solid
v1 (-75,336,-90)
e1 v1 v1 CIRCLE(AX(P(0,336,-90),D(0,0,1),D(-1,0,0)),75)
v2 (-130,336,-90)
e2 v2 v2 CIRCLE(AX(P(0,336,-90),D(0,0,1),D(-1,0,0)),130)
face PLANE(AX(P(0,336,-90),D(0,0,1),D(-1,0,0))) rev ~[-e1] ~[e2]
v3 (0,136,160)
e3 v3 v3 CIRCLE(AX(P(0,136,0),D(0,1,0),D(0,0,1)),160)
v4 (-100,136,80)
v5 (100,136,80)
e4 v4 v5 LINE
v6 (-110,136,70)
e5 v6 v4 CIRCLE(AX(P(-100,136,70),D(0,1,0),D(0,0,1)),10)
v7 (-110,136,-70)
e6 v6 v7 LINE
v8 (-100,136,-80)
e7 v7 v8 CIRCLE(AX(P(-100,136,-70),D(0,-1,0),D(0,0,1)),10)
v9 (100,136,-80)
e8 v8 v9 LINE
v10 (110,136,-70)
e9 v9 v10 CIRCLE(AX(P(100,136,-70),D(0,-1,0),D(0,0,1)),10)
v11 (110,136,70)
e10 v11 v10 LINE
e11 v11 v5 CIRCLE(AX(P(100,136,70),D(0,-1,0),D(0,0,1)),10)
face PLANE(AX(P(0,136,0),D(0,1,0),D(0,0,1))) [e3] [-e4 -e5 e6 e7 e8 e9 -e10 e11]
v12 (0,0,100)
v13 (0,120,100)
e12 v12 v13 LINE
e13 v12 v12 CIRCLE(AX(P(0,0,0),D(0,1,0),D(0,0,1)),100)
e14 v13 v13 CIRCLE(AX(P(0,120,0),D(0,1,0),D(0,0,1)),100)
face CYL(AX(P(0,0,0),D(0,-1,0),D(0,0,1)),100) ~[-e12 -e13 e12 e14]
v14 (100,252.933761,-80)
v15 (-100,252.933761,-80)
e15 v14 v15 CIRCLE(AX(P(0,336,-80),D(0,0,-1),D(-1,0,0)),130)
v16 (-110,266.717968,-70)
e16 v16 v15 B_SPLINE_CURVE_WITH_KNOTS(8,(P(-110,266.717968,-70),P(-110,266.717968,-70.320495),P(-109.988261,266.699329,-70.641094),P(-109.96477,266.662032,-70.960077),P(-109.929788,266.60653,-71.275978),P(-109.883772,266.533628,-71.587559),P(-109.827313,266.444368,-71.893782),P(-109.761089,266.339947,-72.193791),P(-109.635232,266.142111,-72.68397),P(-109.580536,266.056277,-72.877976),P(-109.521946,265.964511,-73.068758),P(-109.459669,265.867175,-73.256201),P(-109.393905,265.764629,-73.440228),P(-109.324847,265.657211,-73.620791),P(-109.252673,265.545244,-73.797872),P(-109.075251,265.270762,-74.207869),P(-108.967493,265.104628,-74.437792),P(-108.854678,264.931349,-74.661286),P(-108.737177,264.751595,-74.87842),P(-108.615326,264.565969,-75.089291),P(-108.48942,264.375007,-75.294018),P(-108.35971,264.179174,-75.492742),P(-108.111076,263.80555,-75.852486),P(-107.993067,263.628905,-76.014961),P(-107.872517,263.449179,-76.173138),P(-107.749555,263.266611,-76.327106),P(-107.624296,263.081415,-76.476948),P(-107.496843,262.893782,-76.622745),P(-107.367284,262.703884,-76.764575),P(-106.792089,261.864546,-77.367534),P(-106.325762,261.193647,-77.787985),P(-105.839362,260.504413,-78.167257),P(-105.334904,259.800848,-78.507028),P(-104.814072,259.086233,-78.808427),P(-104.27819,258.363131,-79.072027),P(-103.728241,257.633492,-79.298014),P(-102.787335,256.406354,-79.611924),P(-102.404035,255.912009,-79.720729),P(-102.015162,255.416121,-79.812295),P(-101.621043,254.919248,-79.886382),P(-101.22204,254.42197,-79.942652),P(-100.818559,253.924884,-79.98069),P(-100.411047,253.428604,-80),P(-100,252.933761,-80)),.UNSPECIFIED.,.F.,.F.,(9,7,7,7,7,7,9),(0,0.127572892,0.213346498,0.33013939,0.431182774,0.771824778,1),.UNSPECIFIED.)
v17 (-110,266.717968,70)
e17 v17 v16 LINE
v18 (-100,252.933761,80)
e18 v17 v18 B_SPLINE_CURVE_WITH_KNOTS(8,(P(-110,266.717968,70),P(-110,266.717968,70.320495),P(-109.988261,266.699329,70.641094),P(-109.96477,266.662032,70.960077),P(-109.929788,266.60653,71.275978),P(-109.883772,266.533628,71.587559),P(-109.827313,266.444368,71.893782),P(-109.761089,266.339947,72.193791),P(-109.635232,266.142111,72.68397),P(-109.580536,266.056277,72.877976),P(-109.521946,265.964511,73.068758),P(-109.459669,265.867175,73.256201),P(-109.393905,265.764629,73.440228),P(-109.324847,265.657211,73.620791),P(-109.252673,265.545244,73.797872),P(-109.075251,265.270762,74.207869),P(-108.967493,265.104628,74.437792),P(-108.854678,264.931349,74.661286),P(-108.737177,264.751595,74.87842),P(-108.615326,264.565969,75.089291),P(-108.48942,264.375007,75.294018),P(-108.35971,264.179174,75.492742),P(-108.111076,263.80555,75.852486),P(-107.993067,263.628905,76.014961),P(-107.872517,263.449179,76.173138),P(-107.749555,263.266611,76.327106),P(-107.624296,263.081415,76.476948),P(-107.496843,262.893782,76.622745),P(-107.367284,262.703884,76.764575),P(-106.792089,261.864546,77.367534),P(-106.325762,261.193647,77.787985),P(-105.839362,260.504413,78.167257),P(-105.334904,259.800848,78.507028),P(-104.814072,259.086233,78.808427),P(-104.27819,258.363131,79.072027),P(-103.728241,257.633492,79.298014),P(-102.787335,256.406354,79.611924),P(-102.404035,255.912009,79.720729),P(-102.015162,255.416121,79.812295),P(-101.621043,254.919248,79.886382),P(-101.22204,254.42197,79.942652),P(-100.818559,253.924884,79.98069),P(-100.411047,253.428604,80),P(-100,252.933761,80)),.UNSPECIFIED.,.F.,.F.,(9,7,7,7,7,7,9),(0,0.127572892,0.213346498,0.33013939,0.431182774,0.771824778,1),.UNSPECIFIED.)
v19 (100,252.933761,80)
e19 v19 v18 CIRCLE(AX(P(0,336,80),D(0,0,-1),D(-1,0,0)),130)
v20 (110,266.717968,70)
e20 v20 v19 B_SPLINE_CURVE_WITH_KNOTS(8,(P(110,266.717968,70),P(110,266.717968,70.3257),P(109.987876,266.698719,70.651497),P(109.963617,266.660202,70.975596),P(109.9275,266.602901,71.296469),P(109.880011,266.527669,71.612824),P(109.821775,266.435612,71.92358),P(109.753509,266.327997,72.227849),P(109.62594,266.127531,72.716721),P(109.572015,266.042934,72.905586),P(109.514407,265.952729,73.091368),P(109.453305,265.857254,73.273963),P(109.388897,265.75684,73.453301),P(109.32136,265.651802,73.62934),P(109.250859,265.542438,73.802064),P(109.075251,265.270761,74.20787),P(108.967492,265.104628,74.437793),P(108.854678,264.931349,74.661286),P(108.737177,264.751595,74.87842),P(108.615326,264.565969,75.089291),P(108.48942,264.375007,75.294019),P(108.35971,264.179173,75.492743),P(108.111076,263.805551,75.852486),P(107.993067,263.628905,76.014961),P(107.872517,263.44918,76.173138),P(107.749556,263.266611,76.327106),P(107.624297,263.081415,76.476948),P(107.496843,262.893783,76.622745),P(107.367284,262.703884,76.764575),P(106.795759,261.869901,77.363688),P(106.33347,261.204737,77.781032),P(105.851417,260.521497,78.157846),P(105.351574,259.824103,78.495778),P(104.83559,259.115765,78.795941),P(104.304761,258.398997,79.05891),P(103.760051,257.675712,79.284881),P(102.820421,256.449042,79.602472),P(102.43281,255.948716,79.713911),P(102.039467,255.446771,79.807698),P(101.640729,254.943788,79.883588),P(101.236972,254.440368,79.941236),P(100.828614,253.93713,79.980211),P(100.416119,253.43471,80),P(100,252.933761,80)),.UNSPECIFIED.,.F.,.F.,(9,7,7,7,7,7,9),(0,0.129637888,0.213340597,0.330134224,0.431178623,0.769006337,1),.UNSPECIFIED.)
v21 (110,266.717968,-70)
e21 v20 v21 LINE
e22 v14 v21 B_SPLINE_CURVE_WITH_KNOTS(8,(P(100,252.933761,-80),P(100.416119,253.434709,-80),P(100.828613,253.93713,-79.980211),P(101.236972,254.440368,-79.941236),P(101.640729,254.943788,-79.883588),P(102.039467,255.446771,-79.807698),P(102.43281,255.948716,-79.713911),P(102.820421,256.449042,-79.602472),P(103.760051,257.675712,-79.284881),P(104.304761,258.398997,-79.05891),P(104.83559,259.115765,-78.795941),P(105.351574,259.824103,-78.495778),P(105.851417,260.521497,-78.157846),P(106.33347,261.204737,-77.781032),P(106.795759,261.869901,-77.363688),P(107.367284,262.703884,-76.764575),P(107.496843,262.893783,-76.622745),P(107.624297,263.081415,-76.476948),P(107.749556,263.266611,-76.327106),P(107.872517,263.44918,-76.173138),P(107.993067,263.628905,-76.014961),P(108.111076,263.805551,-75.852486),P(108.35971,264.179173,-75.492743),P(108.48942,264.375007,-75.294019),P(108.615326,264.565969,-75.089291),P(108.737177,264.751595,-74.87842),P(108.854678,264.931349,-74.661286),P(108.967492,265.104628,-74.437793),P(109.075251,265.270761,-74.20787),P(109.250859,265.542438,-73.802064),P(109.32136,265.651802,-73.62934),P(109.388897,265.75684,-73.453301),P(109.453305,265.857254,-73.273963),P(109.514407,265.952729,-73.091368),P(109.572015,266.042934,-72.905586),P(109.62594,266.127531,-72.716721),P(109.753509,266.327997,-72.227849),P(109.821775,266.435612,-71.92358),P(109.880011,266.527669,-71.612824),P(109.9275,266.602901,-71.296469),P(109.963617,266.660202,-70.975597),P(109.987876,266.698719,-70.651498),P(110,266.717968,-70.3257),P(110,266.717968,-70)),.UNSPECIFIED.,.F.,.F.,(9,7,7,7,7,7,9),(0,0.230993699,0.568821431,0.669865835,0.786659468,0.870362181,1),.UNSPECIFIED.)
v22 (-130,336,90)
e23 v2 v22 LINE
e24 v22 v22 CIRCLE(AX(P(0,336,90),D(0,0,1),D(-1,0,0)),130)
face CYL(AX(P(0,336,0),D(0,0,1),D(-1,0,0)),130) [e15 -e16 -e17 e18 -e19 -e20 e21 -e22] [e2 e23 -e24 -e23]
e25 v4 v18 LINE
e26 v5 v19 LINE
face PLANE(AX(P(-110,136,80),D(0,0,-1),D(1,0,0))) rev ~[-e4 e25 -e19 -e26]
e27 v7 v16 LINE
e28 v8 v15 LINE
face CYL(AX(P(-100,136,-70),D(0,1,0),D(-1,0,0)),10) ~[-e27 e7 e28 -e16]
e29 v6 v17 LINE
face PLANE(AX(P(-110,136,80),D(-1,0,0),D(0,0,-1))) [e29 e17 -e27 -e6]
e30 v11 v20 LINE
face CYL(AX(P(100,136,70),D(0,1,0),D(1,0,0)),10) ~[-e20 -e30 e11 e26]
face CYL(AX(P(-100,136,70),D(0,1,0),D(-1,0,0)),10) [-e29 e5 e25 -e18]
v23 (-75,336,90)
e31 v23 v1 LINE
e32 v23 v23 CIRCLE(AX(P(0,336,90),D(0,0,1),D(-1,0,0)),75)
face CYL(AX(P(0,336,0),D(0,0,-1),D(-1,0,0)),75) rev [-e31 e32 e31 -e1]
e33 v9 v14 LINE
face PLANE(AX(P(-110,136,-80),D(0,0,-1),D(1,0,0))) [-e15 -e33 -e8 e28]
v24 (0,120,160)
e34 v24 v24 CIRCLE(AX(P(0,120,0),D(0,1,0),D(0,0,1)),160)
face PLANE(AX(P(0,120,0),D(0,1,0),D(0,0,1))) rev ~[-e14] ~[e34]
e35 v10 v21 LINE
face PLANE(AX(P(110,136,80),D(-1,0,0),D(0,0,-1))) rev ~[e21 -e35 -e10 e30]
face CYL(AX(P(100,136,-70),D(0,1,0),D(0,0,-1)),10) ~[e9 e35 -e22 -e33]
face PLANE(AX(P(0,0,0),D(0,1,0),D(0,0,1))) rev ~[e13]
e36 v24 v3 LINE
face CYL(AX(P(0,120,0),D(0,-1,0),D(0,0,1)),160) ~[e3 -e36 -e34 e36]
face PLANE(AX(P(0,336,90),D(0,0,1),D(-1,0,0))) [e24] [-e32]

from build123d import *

# Parameters (mm, degrees)
SKETCH1_R                = 100
BOSS_EXTRUDE1_DEPTH      = 120
SKETCH2_R                = 160
BOSS_EXTRUDE3_DEPTH      = 16
SKETCH3_R                = 130
SKETCH3_R_2              = 75
BOSS_EXTRUDE4_DEPTH      = 90
BOSS_EXTRUDE5_REACH      = 402.125
BOSS_EXTRUDE5_END_RADIUS = 130
SKETCH4_W                = 220
SKETCH4_H                = 160
FILLET1_R                = 10


with BuildPart() as part:
    # Sketch1 → Boss-Extrude1 (new body)
    with BuildSketch(Plane(origin=(0, 0, 0), x_dir=(1, 0, 0), z_dir=(0, 1, 0))):
        with Locations(Location((0, 0, 0), (0, 0, 270))):
            Circle(SKETCH1_R)
    extrude(amount=BOSS_EXTRUDE1_DEPTH)

    # Sketch2 → Boss-Extrude3 (add)
    with BuildSketch(Plane(origin=(0, 120, 0), x_dir=(1, 0, 0), z_dir=(0, 1, 0))):
        with Locations(Location((0, 0, 0), (0, 0, 270))):
            Circle(SKETCH2_R)
    extrude(amount=BOSS_EXTRUDE3_DEPTH)



with BuildPart() as body_2:
    # Sketch3 → Boss-Extrude4 (new, symmetric)
    with BuildSketch(Plane.XY):
        with Locations(Location((0, 336, 0), (0, 0, 180))):
            Circle(SKETCH3_R)
        with Locations(Location((0, 336, 0), (0, 0, 180))):
            Circle(SKETCH3_R_2, mode=Mode.SUBTRACT)
    extrude(amount=BOSS_EXTRUDE4_DEPTH, both=True)


with BuildPart() as part_1:
    add(part.part)

    add(body_2.part)  # Boss-Extrude5 merges body 2
    # Boss-Extrude5: up to this cylinder (the profile starts outside it)
    boss_extrude5_end = Plane(origin=(0, 336, 0), z_dir=(0, 0, -1)) * Cylinder(BOSS_EXTRUDE5_END_RADIUS, 1065.25, mode=Mode.PRIVATE)
    # Sketch4 → Boss-Extrude5 (add, up to the surface)
    with BuildSketch(Plane(origin=(0, 136, 0), x_dir=(1, 0, 0), z_dir=(0, 1, 0)), mode=Mode.PRIVATE) as boss_extrude5_sk1:
        Rectangle(SKETCH4_W, SKETCH4_H)
    boss_extrude5_tool1 = extrude(boss_extrude5_sk1.sketch, amount=BOSS_EXTRUDE5_REACH, mode=Mode.PRIVATE) - boss_extrude5_end
    add(boss_extrude5_tool1.solids().sort_by_distance((0, 136, 0))[0])

    # Fillet1
    fillet1_edges = [part_1.edges().sort_by_distance(p)[0] for p in [
        (110, 201.358983849, -80),
        (110, 201.358983849, 80),
        (-110, 201.358983849, -80),
        (-110, 201.358983849, 80),
    ]]
    fillet(fillet1_edges, radius=FILLET1_R)


solid = part_1.part
